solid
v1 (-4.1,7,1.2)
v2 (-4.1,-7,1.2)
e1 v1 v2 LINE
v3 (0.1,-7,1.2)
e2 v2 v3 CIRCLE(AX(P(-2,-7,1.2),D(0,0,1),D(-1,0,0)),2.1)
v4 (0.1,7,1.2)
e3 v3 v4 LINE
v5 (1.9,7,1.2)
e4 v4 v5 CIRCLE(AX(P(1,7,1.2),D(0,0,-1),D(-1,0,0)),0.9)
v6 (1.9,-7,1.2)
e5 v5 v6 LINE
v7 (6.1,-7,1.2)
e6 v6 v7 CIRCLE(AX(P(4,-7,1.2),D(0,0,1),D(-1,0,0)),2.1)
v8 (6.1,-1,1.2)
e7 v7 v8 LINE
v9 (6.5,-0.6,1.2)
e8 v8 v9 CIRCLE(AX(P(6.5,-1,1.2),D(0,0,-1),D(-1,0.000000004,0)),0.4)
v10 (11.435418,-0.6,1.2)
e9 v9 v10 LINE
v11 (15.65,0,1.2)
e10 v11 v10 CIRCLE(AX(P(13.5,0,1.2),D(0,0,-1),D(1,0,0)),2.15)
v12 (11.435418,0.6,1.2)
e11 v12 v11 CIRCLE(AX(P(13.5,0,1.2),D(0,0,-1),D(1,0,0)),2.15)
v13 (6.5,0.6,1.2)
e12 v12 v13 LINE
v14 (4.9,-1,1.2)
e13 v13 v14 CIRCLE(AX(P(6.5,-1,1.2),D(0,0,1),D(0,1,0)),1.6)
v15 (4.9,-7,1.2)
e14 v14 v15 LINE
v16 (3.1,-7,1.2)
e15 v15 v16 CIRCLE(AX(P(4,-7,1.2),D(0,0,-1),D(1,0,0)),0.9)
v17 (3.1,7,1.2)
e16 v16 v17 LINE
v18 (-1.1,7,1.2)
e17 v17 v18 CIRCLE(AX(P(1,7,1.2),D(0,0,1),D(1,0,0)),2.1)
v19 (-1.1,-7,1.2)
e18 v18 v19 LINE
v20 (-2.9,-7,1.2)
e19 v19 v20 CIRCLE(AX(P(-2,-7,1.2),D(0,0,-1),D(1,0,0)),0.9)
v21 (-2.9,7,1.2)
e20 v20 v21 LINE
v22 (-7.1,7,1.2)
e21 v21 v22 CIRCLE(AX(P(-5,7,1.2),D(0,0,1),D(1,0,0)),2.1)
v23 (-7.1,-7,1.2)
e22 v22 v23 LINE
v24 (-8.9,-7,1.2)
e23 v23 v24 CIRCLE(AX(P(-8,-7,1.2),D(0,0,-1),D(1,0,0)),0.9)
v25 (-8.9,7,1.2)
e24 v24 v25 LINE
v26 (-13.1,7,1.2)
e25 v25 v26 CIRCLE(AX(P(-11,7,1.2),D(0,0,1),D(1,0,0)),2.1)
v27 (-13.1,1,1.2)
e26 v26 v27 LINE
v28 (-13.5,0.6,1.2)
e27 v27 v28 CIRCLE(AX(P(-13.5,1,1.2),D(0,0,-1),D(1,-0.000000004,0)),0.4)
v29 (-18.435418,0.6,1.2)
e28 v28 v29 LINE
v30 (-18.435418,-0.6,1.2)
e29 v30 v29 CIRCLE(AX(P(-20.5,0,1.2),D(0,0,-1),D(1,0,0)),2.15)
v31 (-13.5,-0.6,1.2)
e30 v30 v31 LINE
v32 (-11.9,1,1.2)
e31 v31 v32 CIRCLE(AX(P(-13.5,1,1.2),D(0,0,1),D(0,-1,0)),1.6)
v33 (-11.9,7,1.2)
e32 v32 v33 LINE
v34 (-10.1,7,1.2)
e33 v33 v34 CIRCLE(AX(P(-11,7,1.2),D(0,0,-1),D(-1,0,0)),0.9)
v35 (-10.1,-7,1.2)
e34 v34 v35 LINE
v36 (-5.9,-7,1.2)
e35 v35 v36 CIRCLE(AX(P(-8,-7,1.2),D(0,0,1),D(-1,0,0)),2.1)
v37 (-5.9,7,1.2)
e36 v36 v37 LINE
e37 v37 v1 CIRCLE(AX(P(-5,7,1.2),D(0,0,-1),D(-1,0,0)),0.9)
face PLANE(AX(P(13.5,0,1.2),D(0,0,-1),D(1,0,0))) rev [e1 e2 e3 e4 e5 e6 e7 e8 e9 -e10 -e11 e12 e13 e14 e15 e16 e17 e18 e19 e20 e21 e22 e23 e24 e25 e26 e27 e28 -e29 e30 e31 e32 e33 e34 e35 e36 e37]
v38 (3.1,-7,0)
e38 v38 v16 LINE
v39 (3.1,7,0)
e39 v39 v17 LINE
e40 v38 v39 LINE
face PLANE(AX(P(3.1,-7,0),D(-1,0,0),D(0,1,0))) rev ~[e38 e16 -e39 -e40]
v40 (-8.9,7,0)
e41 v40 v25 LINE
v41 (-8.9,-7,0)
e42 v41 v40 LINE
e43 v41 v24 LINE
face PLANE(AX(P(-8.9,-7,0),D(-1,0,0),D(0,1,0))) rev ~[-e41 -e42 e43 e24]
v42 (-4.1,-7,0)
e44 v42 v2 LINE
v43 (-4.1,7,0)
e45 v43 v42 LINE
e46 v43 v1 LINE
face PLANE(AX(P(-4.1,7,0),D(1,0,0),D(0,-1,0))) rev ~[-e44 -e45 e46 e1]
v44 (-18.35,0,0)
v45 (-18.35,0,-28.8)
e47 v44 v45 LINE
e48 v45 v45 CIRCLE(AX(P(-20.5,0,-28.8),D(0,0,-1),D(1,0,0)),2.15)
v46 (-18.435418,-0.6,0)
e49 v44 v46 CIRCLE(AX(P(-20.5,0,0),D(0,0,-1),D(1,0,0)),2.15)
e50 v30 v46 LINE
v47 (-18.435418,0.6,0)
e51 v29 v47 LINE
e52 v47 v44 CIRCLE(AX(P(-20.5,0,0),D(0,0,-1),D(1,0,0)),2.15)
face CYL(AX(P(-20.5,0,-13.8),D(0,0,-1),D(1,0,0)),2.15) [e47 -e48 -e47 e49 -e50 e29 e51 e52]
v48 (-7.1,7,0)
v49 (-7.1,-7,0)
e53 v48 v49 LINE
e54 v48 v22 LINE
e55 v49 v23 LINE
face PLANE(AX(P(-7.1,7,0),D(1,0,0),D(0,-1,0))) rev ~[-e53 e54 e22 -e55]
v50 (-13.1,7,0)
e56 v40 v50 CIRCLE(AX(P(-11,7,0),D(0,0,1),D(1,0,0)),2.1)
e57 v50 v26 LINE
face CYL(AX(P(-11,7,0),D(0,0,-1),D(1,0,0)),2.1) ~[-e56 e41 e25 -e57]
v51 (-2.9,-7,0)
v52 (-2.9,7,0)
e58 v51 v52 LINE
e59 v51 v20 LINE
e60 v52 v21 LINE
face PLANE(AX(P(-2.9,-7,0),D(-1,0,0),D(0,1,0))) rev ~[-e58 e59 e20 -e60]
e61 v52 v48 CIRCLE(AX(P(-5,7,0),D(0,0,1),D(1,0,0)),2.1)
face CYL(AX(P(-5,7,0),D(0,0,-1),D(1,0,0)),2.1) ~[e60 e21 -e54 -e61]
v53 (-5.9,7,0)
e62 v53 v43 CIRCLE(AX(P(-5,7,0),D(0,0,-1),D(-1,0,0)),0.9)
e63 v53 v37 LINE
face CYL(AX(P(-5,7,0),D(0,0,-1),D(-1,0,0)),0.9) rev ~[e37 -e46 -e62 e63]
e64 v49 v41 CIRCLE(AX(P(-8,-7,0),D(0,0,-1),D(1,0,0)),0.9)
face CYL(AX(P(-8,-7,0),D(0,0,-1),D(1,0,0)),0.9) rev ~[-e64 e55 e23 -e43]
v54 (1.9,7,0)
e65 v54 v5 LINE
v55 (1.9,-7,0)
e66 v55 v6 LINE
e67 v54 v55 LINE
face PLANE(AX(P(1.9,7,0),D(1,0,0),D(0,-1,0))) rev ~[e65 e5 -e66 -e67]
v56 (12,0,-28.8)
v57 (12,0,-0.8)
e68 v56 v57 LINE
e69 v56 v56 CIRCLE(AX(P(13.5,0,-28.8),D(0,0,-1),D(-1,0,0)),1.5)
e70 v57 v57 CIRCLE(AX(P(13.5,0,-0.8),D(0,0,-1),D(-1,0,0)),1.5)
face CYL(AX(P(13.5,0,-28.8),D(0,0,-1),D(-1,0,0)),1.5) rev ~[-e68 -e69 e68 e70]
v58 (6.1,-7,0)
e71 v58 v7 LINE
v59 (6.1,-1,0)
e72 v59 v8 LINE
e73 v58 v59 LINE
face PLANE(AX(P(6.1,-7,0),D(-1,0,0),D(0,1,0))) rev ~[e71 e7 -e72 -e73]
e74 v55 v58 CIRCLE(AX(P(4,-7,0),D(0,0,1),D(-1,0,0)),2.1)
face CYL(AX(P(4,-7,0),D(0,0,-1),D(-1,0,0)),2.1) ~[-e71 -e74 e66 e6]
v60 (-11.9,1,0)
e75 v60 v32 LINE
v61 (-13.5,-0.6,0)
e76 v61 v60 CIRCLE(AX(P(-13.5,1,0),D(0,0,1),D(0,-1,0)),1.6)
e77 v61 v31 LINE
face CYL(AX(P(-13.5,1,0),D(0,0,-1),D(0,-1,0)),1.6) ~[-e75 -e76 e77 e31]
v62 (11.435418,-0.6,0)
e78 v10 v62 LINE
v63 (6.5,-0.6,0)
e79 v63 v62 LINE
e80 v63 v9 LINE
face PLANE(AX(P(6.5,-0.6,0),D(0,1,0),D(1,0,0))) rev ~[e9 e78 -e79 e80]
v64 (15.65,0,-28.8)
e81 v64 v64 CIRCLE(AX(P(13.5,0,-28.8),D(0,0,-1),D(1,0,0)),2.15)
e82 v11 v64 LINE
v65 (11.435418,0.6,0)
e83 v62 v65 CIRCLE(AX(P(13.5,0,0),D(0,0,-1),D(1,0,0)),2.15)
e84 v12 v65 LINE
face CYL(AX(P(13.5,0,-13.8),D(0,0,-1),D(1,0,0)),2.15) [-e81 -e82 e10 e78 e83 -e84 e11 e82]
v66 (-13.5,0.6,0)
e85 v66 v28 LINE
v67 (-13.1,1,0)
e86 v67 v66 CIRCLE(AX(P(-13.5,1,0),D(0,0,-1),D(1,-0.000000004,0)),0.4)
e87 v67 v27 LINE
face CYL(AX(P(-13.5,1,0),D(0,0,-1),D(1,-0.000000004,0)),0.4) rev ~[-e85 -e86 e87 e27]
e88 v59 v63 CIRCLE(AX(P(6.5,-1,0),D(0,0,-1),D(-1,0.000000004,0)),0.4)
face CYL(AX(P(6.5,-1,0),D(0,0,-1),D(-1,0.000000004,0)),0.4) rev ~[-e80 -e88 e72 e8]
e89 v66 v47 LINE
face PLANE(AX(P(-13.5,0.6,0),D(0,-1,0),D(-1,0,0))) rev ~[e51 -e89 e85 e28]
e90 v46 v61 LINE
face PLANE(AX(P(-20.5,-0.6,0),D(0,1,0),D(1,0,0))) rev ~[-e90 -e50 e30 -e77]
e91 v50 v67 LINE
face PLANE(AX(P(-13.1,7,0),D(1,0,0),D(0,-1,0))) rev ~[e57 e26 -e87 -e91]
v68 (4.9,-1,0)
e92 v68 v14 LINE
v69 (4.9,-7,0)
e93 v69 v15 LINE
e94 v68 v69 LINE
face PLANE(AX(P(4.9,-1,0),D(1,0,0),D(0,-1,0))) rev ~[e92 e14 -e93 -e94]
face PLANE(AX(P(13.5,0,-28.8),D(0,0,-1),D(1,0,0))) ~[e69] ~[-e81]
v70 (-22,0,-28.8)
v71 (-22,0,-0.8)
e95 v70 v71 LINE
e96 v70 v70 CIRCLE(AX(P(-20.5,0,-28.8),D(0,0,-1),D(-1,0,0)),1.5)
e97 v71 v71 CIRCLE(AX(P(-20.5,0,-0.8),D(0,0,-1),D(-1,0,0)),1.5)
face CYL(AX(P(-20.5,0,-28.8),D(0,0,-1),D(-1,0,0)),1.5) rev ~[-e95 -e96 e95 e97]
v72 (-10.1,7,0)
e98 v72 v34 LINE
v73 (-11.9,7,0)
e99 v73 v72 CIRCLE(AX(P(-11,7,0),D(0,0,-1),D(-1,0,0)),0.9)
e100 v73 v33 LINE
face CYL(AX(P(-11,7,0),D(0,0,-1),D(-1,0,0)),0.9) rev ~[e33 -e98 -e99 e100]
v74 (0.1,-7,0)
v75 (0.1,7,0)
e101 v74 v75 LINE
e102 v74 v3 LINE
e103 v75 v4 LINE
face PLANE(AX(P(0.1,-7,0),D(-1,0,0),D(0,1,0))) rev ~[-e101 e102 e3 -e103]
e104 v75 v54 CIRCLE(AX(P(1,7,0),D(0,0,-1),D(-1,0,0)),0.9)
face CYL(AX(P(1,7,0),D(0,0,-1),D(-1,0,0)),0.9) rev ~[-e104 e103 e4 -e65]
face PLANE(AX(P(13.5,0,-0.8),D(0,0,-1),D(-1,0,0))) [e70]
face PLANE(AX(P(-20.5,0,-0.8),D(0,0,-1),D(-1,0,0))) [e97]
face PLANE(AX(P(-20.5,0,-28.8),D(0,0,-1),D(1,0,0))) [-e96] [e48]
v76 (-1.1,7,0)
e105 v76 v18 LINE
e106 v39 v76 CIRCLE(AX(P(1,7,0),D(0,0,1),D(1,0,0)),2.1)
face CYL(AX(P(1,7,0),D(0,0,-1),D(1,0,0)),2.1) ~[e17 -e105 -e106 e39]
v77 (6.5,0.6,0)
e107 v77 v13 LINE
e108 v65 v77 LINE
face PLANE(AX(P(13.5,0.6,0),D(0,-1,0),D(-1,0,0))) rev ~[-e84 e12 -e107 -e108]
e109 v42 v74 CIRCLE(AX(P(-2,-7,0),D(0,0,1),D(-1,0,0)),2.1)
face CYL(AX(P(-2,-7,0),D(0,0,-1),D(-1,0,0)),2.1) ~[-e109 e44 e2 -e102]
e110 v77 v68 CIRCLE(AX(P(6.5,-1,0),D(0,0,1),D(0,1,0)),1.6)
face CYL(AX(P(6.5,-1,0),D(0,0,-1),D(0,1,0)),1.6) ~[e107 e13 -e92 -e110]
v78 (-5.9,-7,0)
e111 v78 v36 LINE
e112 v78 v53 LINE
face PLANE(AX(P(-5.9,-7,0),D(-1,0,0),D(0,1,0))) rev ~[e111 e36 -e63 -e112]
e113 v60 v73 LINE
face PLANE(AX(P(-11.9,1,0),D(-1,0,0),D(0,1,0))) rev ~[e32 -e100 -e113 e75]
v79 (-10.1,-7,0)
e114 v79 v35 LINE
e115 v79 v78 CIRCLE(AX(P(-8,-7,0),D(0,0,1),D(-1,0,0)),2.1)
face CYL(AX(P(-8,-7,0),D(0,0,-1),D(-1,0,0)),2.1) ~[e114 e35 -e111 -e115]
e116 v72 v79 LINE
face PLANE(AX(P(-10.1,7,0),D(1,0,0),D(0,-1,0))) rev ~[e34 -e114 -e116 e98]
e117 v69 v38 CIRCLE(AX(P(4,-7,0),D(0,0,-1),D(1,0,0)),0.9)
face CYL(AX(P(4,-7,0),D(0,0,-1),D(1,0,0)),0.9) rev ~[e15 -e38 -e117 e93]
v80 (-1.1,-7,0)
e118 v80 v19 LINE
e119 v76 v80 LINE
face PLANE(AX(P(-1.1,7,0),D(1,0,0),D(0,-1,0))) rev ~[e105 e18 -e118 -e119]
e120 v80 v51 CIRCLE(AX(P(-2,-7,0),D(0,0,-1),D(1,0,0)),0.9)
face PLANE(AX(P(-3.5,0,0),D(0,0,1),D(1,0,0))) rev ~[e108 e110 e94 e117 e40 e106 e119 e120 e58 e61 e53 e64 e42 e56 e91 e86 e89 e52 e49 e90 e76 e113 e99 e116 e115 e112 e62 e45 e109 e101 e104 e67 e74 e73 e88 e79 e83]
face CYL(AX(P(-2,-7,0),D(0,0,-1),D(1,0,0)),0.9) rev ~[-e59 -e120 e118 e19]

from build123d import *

# Parameters (mm, degrees)
BOSS_EXTRUDE1_DEPTH = 1.2
SKETCH3_W           = 2.15
SKETCH3_H           = 30
SKETCH4_W           = 2.15
SKETCH4_H           = 30
SKETCH5_R           = 1.5
CUT_EXTRUDE1_DEPTH  = 28


with BuildPart() as part:
    # Sketch2 → Boss-Extrude1 (new body)
    with BuildSketch(Plane.XY):
        with BuildLine():
            Line((-20.5, -0.6), (-13.5, -0.6))
            ThreePointArc((-13.5, -0.6), (-12.36862915, -0.13137085), (-11.9, 1))
            Line((-11.9, 1), (-11.9, 7))
            ThreePointArc((-11.9, 7), (-11, 7.9), (-10.1, 7))
            Line((-10.1, 7), (-10.1, 0))
            Line((-10.1, 0), (-10.1, -7))
            ThreePointArc((-10.1, -7), (-8, -9.1), (-5.9, -7))
            Line((-5.9, -7), (-5.9, 0))
            Line((-5.9, 0), (-5.9, 7))
            ThreePointArc((-5.9, 7), (-5, 7.9), (-4.1, 7))
            Line((-4.1, 7), (-4.1, 0))
            Line((-4.1, 0), (-4.1, -7))
            ThreePointArc((-4.1, -7), (-2, -9.1), (0.1, -7))
            Line((0.1, -7), (0.1, 0))
            Line((0.1, 0), (0.1, 7))
            ThreePointArc((0.1, 7), (1, 7.9), (1.9, 7))
            Line((1.9, 7), (1.9, 0))
            Line((1.9, 0), (1.9, -7))
            ThreePointArc((1.9, -7), (4, -9.1), (6.1, -7))
            Line((6.1, -7), (6.1, -1))
            ThreePointArc((6.1, -1), (6.217157288, -0.717157288), (6.5, -0.6))
            Line((6.5, -0.6), (13.5, -0.6))
            ThreePointArc((13.5, -0.6), (14.1, 0), (13.5, 0.6))
            Line((13.5, 0.6), (6.5, 0.6))
            ThreePointArc((6.5, 0.6), (5.36862915, 0.13137085), (4.9, -1))
            Line((4.9, -1), (4.9, -7))
            ThreePointArc((4.9, -7), (4, -7.9), (3.1, -7))
            Line((3.1, -7), (3.1, 0))
            Line((3.1, 0), (3.1, 7))
            ThreePointArc((3.1, 7), (1, 9.1), (-1.1, 7))
            Line((-1.1, 7), (-1.1, 0))
            Line((-1.1, 0), (-1.1, -7))
            ThreePointArc((-1.1, -7), (-2, -7.9), (-2.9, -7))
            Line((-2.9, -7), (-2.9, 0))
            Line((-2.9, 0), (-2.9, 7))
            ThreePointArc((-2.9, 7), (-5, 9.1), (-7.1, 7))
            Line((-7.1, 7), (-7.1, 0))
            Line((-7.1, 0), (-7.1, -7))
            ThreePointArc((-7.1, -7), (-8, -7.9), (-8.9, -7))
            Line((-8.9, -7), (-8.9, 0))
            Line((-8.9, 0), (-8.9, 7))
            ThreePointArc((-8.9, 7), (-11, 9.1), (-13.1, 7))
            Line((-13.1, 7), (-13.1, 1))
            ThreePointArc((-13.1, 1), (-13.217157288, 0.717157288), (-13.5, 0.6))
            Line((-13.5, 0.6), (-20.5, 0.6))
            ThreePointArc((-20.5, 0.6), (-21.1, 0), (-20.5, -0.6))
        make_face()
    extrude(amount=BOSS_EXTRUDE1_DEPTH)

    # Sketch3 → Revolve1 (revolve)
    with BuildSketch(Plane(origin=(0, 0, 0), x_dir=(1, 0, 0), z_dir=(0, 1, 0)), mode=Mode.PRIVATE) as revolve1_sk:
        with Locations((-21.575, 13.8)):
            Rectangle(SKETCH3_W, SKETCH3_H)
    revolve(revolve1_sk.sketch.rotate(Axis((-20.5, 0, 1.2), (0, 0, -1)), 180), axis=Axis((-20.5, 0, 1.2), (0, 0, -1)))

    # Sketch4 → Revolve2 (revolve)
    with BuildSketch(Plane(origin=(0, 0, 0), x_dir=(1, 0, 0), z_dir=(0, 1, 0))):
        with Locations((14.575, 13.8)):
            Rectangle(SKETCH4_W, SKETCH4_H)
    revolve(axis=Axis((13.5, 0, 1.2), (0, 0, -1)))

    # Sketch5 → Cut-Extrude1 (cut)
    with BuildSketch(Plane(origin=(0, 0, -28.8), x_dir=(-1, 0, 0), z_dir=(0, 0, -1))):
        with Locations((-13.5, 0)):
            Circle(SKETCH5_R)
        with Locations((20.5, 0)):
            Circle(SKETCH5_R)
    extrude(amount=-CUT_EXTRUDE1_DEPTH, mode=Mode.SUBTRACT)


solid = part.part
